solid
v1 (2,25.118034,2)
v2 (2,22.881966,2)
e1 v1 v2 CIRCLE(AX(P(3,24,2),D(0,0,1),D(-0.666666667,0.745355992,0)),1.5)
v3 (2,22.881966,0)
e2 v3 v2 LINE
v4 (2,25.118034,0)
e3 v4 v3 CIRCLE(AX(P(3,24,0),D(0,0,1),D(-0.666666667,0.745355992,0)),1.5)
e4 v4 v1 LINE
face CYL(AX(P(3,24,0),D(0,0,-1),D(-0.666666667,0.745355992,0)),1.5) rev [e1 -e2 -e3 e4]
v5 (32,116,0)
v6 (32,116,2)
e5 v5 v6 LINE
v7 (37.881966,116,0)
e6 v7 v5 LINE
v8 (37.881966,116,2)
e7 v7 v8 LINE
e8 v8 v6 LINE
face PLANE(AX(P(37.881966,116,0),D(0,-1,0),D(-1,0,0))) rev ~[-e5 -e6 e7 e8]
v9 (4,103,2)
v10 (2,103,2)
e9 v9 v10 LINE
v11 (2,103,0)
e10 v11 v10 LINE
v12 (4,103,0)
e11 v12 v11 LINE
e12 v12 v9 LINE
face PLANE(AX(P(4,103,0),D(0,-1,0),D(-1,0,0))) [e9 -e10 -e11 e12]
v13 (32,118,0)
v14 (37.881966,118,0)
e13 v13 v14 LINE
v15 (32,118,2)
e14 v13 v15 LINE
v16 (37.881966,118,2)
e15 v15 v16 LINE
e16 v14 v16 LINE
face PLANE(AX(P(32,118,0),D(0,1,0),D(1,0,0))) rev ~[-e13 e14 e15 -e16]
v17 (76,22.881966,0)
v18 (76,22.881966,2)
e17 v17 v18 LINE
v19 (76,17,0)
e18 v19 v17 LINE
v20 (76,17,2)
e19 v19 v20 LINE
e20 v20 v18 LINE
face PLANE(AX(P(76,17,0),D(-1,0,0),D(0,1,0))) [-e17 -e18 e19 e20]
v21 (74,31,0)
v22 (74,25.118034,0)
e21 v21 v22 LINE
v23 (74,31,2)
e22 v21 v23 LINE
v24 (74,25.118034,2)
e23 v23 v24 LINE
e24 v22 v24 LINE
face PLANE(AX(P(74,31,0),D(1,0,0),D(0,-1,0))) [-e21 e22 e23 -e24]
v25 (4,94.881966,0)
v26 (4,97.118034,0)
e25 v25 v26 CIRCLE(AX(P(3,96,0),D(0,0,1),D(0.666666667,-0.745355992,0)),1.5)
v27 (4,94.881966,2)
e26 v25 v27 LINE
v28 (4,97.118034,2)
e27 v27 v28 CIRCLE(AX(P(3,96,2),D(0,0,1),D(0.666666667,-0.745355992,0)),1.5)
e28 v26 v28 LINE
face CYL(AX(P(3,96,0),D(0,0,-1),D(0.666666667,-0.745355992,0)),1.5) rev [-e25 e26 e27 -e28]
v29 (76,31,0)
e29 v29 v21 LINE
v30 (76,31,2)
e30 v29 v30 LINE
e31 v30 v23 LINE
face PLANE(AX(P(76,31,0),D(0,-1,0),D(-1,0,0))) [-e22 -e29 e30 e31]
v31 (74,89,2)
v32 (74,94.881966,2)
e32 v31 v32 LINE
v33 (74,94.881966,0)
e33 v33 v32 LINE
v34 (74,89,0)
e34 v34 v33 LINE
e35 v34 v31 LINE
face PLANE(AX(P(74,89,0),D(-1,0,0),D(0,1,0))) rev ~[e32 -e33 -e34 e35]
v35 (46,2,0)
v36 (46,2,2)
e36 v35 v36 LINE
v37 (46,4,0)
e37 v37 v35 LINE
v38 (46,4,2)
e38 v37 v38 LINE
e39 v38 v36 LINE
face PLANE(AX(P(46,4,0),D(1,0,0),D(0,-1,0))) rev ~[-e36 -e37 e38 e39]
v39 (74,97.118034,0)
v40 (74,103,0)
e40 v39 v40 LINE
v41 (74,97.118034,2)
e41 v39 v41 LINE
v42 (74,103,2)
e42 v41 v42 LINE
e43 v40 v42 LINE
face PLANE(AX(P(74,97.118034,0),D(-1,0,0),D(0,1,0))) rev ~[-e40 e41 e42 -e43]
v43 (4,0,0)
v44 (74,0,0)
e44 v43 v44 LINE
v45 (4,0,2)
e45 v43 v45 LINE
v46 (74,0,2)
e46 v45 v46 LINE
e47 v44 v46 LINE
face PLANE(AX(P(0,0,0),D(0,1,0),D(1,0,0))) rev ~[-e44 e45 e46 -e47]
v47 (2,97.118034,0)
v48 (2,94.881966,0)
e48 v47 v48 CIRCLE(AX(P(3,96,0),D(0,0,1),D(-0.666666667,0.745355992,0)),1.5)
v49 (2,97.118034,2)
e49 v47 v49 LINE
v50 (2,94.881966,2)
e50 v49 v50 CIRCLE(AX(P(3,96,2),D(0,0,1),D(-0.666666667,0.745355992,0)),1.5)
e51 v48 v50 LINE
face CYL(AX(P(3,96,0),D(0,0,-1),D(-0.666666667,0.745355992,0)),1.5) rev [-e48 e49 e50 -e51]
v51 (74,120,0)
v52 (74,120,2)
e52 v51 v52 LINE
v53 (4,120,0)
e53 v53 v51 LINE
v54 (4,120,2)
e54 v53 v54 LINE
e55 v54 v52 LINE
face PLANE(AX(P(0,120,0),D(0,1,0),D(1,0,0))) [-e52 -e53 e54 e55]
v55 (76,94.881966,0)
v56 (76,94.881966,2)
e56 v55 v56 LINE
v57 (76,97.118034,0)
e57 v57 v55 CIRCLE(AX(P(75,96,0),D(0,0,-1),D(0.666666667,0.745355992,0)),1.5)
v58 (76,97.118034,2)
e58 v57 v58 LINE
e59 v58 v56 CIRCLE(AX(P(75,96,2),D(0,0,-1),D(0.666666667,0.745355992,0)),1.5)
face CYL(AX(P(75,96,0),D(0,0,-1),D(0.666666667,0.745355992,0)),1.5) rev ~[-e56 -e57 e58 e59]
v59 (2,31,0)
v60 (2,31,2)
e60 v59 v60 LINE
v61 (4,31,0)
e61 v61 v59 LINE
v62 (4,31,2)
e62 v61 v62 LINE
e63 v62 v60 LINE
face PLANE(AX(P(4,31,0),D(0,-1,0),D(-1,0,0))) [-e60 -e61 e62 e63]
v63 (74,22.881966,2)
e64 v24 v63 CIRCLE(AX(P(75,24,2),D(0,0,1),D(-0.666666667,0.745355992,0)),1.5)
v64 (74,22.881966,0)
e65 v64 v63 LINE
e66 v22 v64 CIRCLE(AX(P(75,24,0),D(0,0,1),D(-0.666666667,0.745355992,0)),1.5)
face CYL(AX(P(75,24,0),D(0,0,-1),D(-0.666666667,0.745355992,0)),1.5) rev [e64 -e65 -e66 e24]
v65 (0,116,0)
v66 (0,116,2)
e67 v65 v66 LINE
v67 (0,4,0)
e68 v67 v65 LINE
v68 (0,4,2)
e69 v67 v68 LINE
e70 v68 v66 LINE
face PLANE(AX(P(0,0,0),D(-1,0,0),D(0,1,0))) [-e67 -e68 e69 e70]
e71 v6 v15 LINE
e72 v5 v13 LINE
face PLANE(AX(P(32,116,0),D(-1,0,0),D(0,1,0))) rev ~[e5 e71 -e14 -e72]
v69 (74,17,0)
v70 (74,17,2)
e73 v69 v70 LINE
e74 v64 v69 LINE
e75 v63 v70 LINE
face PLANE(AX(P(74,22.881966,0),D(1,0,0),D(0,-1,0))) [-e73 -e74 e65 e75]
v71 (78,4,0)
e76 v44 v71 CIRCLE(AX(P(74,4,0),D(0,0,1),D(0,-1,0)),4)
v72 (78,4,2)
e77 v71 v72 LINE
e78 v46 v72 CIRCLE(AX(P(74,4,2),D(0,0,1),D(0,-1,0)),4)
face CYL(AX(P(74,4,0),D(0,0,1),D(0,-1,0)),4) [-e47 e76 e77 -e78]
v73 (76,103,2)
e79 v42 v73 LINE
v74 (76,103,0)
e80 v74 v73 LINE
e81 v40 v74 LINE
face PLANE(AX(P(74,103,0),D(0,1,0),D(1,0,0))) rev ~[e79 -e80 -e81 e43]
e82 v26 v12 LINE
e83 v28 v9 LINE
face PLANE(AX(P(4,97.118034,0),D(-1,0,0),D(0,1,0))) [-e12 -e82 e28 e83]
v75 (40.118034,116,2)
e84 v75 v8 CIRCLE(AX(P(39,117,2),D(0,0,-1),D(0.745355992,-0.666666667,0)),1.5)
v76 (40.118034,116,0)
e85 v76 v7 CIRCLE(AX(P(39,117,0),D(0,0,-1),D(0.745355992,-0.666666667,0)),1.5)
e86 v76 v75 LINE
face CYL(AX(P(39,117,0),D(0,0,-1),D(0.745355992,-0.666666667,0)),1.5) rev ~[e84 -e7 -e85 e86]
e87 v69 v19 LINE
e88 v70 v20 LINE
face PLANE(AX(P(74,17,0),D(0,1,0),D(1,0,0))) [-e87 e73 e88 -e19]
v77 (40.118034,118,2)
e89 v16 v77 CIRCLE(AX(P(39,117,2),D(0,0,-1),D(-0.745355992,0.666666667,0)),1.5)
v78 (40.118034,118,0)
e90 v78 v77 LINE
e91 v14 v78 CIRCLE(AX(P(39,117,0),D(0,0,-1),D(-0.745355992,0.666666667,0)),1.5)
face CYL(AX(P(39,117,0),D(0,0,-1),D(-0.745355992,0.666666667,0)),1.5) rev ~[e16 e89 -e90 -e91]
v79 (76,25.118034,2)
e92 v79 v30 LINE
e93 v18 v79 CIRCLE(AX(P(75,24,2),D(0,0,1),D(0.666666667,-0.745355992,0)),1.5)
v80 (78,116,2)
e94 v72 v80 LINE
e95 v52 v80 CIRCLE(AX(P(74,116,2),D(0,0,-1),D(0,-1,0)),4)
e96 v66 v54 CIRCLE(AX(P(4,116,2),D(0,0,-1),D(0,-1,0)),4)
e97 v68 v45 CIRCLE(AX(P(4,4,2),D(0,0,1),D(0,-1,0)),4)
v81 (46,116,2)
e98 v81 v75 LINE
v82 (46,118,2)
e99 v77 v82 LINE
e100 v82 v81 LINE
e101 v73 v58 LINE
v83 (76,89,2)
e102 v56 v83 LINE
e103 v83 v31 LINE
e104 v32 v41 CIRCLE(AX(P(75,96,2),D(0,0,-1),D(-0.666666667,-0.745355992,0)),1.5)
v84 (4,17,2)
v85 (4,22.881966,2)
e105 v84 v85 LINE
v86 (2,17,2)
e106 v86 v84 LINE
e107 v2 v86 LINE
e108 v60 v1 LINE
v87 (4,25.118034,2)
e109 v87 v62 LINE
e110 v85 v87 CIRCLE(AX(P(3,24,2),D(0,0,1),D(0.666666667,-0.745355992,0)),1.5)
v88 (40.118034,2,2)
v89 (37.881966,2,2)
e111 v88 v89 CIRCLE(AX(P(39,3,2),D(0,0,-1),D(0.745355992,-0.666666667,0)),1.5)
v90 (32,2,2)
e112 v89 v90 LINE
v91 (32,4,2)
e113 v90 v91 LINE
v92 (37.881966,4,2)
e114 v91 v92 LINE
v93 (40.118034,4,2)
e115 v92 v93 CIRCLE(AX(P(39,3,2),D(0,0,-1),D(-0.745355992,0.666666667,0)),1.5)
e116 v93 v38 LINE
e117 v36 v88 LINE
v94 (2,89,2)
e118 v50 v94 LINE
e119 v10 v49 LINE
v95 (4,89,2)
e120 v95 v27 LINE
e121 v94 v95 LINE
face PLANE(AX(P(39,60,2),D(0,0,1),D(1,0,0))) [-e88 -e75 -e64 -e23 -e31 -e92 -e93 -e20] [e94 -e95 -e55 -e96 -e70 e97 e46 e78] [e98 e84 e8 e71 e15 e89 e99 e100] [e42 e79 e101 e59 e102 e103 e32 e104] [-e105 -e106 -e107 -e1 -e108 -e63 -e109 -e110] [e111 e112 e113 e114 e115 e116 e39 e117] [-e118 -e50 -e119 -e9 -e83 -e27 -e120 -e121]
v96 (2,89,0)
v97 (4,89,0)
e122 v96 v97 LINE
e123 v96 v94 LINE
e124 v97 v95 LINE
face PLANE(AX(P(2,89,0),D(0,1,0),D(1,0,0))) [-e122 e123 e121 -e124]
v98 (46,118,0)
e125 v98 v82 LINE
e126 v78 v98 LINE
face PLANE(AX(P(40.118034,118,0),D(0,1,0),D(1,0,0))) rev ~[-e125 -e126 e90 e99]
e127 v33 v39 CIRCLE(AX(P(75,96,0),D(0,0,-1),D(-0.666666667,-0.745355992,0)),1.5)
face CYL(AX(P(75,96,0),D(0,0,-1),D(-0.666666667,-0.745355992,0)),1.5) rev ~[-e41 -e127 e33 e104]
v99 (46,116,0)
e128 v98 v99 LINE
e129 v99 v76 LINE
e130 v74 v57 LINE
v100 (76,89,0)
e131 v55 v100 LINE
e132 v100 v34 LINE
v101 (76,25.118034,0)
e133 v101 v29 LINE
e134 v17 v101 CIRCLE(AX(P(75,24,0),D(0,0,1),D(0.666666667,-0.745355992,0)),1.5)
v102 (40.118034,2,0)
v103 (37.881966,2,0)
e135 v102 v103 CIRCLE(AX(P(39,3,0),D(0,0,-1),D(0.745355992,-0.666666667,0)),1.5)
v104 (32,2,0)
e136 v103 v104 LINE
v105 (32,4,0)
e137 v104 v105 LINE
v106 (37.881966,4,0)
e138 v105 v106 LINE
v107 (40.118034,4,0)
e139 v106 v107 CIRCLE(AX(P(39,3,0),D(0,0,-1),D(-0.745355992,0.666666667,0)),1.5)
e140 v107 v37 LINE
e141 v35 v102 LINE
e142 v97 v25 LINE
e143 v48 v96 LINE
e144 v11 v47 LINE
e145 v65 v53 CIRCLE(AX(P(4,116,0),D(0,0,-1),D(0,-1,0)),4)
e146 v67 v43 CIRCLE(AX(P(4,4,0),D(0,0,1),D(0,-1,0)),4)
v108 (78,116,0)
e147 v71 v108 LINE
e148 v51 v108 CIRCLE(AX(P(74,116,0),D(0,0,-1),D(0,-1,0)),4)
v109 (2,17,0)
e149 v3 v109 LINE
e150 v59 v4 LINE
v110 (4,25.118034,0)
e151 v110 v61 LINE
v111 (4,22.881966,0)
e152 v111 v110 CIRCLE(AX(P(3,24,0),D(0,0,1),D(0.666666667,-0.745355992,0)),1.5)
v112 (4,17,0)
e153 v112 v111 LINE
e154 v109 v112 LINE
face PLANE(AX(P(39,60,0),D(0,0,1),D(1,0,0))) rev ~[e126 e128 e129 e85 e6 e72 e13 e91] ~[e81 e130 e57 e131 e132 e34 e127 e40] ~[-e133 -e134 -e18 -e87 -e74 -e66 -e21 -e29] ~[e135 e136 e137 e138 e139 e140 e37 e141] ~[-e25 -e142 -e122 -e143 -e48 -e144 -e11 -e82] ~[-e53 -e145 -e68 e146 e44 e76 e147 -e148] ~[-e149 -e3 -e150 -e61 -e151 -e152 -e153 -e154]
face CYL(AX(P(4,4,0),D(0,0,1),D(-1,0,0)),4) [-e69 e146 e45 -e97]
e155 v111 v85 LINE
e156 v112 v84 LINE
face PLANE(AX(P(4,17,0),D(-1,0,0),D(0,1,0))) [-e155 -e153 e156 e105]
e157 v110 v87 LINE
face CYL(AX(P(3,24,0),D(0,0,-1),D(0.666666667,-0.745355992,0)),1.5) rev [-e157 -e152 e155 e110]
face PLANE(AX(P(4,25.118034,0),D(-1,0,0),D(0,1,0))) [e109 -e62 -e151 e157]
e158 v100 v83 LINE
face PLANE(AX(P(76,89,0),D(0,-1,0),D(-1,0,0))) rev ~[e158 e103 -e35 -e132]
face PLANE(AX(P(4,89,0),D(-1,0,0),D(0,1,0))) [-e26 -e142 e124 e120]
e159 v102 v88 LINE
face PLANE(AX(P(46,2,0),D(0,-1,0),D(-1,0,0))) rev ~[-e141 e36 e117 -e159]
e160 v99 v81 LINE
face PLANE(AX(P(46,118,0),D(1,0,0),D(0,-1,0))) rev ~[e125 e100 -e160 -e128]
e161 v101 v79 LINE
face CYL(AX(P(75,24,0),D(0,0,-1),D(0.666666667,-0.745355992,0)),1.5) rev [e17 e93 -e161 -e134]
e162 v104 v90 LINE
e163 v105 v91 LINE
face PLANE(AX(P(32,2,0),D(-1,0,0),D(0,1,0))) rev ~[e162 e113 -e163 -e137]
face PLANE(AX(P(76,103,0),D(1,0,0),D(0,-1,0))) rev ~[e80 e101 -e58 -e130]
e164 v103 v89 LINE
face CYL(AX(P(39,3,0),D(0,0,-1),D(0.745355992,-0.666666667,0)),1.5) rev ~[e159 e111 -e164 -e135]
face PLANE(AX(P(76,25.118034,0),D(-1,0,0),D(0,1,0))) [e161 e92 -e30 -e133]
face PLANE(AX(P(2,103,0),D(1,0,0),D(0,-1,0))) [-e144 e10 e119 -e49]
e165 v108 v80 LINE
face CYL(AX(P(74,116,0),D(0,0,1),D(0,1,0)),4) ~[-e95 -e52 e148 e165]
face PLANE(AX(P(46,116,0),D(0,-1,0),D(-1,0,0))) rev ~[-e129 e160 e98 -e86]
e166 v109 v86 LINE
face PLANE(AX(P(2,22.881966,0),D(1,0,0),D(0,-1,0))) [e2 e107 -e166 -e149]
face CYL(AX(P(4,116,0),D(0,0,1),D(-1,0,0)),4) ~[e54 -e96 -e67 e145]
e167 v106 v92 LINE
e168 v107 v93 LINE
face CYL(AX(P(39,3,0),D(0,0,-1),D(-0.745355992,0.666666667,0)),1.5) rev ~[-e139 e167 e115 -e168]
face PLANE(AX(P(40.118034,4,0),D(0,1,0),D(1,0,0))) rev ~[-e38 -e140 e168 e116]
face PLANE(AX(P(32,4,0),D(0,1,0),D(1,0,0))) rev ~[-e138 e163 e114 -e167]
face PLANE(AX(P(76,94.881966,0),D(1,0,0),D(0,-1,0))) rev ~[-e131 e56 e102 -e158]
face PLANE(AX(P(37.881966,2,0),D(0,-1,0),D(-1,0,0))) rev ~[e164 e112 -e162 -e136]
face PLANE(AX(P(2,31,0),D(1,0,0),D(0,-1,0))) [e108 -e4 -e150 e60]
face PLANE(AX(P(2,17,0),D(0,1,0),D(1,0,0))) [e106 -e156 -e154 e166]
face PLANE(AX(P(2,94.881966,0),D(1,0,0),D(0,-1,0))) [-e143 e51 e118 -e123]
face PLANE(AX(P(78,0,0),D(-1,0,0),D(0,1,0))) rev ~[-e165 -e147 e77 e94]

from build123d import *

# Parameters (mm, degrees)
SKETCH1_W                  = 78
SKETCH1_H                  = 120
MAIN_SLIDER_BOTTOM_DEPTH   = 2
SLIDER_BOTTOM_CONTOURING_R = 4


with BuildPart() as part:
    # Sketch1 → Main Slider Bottom (new body)
    with BuildSketch(Plane.XY):
        with Locations((39, 60)):
            Rectangle(SKETCH1_W, SKETCH1_H)
        with BuildLine():
            Line((40.118033989, 4), (46, 4))
            Line((46, 4), (46, 2))
            Line((46, 2), (40.118033989, 2))
            ThreePointArc((40.118033989, 2), (39, 1.5), (37.881966011, 2))
            Line((37.881966011, 2), (32, 2))
            Line((32, 2), (32, 4))
            Line((32, 4), (37.881966011, 4))
            ThreePointArc((37.881966011, 4), (39, 4.5), (40.118033989, 4))
        make_face(mode=Mode.SUBTRACT)
        with BuildLine():
            Line((40.118033989, 118), (46, 118))
            Line((46, 118), (46, 116))
            Line((46, 116), (40.118033989, 116))
            ThreePointArc((40.118033989, 116), (39, 115.5), (37.881966011, 116))
            Line((37.881966011, 116), (32, 116))
            Line((32, 116), (32, 118))
            Line((32, 118), (37.881966011, 118))
            ThreePointArc((37.881966011, 118), (39, 118.5), (40.118033989, 118))
        make_face(mode=Mode.SUBTRACT)
        with BuildLine():
            Line((74, 97.118033989), (74, 103))
            Line((74, 103), (76, 103))
            Line((76, 103), (76, 97.118033989))
            ThreePointArc((76, 97.118033989), (76.5, 96), (76, 94.881966011))
            Line((76, 94.881966011), (76, 89))
            Line((76, 89), (74, 89))
            Line((74, 89), (74, 94.881966011))
            ThreePointArc((74, 94.881966011), (73.5, 96), (74, 97.118033989))
        make_face(mode=Mode.SUBTRACT)
        with BuildLine():
            Line((4, 97.118033989), (4, 103))
            Line((4, 103), (2, 103))
            Line((2, 103), (2, 97.118033989))
            ThreePointArc((2, 97.118033989), (1.5, 96), (2, 94.881966011))
            Line((2, 94.881966011), (2, 89))
            Line((2, 89), (4, 89))
            Line((4, 89), (4, 94.881966011))
            ThreePointArc((4, 94.881966011), (4.5, 96), (4, 97.118033989))
        make_face(mode=Mode.SUBTRACT)
        with BuildLine():
            Line((2, 22.881966011), (2, 17))
            Line((2, 17), (4, 17))
            Line((4, 17), (4, 22.881966011))
            ThreePointArc((4, 22.881966011), (4.5, 24), (4, 25.118033989))
            Line((4, 25.118033989), (4, 31))
            Line((4, 31), (2, 31))
            Line((2, 31), (2, 25.118033989))
            ThreePointArc((2, 25.118033989), (1.5, 24), (2, 22.881966011))
        make_face(mode=Mode.SUBTRACT)
        with BuildLine():
            Line((74, 22.881966011), (74, 17))
            Line((74, 17), (76, 17))
            Line((76, 17), (76, 22.881966011))
            ThreePointArc((76, 22.881966011), (76.5, 24), (76, 25.118033989))
            Line((76, 25.118033989), (76, 31))
            Line((76, 31), (74, 31))
            Line((74, 31), (74, 25.118033989))
            ThreePointArc((74, 25.118033989), (73.5, 24), (74, 22.881966011))
        make_face(mode=Mode.SUBTRACT)
    extrude(amount=MAIN_SLIDER_BOTTOM_DEPTH)

    # Slider Bottom Contouring
    slider_bottom_contouring_edges = [part.edges().sort_by_distance(p)[0] for p in [
        (0, 120, 1),
        (78, 120, 1),
        (78, 0, 1),
        (0, 0, 1),
    ]]
    fillet(slider_bottom_contouring_edges, radius=SLIDER_BOTTOM_CONTOURING_R)


solid = part.part
